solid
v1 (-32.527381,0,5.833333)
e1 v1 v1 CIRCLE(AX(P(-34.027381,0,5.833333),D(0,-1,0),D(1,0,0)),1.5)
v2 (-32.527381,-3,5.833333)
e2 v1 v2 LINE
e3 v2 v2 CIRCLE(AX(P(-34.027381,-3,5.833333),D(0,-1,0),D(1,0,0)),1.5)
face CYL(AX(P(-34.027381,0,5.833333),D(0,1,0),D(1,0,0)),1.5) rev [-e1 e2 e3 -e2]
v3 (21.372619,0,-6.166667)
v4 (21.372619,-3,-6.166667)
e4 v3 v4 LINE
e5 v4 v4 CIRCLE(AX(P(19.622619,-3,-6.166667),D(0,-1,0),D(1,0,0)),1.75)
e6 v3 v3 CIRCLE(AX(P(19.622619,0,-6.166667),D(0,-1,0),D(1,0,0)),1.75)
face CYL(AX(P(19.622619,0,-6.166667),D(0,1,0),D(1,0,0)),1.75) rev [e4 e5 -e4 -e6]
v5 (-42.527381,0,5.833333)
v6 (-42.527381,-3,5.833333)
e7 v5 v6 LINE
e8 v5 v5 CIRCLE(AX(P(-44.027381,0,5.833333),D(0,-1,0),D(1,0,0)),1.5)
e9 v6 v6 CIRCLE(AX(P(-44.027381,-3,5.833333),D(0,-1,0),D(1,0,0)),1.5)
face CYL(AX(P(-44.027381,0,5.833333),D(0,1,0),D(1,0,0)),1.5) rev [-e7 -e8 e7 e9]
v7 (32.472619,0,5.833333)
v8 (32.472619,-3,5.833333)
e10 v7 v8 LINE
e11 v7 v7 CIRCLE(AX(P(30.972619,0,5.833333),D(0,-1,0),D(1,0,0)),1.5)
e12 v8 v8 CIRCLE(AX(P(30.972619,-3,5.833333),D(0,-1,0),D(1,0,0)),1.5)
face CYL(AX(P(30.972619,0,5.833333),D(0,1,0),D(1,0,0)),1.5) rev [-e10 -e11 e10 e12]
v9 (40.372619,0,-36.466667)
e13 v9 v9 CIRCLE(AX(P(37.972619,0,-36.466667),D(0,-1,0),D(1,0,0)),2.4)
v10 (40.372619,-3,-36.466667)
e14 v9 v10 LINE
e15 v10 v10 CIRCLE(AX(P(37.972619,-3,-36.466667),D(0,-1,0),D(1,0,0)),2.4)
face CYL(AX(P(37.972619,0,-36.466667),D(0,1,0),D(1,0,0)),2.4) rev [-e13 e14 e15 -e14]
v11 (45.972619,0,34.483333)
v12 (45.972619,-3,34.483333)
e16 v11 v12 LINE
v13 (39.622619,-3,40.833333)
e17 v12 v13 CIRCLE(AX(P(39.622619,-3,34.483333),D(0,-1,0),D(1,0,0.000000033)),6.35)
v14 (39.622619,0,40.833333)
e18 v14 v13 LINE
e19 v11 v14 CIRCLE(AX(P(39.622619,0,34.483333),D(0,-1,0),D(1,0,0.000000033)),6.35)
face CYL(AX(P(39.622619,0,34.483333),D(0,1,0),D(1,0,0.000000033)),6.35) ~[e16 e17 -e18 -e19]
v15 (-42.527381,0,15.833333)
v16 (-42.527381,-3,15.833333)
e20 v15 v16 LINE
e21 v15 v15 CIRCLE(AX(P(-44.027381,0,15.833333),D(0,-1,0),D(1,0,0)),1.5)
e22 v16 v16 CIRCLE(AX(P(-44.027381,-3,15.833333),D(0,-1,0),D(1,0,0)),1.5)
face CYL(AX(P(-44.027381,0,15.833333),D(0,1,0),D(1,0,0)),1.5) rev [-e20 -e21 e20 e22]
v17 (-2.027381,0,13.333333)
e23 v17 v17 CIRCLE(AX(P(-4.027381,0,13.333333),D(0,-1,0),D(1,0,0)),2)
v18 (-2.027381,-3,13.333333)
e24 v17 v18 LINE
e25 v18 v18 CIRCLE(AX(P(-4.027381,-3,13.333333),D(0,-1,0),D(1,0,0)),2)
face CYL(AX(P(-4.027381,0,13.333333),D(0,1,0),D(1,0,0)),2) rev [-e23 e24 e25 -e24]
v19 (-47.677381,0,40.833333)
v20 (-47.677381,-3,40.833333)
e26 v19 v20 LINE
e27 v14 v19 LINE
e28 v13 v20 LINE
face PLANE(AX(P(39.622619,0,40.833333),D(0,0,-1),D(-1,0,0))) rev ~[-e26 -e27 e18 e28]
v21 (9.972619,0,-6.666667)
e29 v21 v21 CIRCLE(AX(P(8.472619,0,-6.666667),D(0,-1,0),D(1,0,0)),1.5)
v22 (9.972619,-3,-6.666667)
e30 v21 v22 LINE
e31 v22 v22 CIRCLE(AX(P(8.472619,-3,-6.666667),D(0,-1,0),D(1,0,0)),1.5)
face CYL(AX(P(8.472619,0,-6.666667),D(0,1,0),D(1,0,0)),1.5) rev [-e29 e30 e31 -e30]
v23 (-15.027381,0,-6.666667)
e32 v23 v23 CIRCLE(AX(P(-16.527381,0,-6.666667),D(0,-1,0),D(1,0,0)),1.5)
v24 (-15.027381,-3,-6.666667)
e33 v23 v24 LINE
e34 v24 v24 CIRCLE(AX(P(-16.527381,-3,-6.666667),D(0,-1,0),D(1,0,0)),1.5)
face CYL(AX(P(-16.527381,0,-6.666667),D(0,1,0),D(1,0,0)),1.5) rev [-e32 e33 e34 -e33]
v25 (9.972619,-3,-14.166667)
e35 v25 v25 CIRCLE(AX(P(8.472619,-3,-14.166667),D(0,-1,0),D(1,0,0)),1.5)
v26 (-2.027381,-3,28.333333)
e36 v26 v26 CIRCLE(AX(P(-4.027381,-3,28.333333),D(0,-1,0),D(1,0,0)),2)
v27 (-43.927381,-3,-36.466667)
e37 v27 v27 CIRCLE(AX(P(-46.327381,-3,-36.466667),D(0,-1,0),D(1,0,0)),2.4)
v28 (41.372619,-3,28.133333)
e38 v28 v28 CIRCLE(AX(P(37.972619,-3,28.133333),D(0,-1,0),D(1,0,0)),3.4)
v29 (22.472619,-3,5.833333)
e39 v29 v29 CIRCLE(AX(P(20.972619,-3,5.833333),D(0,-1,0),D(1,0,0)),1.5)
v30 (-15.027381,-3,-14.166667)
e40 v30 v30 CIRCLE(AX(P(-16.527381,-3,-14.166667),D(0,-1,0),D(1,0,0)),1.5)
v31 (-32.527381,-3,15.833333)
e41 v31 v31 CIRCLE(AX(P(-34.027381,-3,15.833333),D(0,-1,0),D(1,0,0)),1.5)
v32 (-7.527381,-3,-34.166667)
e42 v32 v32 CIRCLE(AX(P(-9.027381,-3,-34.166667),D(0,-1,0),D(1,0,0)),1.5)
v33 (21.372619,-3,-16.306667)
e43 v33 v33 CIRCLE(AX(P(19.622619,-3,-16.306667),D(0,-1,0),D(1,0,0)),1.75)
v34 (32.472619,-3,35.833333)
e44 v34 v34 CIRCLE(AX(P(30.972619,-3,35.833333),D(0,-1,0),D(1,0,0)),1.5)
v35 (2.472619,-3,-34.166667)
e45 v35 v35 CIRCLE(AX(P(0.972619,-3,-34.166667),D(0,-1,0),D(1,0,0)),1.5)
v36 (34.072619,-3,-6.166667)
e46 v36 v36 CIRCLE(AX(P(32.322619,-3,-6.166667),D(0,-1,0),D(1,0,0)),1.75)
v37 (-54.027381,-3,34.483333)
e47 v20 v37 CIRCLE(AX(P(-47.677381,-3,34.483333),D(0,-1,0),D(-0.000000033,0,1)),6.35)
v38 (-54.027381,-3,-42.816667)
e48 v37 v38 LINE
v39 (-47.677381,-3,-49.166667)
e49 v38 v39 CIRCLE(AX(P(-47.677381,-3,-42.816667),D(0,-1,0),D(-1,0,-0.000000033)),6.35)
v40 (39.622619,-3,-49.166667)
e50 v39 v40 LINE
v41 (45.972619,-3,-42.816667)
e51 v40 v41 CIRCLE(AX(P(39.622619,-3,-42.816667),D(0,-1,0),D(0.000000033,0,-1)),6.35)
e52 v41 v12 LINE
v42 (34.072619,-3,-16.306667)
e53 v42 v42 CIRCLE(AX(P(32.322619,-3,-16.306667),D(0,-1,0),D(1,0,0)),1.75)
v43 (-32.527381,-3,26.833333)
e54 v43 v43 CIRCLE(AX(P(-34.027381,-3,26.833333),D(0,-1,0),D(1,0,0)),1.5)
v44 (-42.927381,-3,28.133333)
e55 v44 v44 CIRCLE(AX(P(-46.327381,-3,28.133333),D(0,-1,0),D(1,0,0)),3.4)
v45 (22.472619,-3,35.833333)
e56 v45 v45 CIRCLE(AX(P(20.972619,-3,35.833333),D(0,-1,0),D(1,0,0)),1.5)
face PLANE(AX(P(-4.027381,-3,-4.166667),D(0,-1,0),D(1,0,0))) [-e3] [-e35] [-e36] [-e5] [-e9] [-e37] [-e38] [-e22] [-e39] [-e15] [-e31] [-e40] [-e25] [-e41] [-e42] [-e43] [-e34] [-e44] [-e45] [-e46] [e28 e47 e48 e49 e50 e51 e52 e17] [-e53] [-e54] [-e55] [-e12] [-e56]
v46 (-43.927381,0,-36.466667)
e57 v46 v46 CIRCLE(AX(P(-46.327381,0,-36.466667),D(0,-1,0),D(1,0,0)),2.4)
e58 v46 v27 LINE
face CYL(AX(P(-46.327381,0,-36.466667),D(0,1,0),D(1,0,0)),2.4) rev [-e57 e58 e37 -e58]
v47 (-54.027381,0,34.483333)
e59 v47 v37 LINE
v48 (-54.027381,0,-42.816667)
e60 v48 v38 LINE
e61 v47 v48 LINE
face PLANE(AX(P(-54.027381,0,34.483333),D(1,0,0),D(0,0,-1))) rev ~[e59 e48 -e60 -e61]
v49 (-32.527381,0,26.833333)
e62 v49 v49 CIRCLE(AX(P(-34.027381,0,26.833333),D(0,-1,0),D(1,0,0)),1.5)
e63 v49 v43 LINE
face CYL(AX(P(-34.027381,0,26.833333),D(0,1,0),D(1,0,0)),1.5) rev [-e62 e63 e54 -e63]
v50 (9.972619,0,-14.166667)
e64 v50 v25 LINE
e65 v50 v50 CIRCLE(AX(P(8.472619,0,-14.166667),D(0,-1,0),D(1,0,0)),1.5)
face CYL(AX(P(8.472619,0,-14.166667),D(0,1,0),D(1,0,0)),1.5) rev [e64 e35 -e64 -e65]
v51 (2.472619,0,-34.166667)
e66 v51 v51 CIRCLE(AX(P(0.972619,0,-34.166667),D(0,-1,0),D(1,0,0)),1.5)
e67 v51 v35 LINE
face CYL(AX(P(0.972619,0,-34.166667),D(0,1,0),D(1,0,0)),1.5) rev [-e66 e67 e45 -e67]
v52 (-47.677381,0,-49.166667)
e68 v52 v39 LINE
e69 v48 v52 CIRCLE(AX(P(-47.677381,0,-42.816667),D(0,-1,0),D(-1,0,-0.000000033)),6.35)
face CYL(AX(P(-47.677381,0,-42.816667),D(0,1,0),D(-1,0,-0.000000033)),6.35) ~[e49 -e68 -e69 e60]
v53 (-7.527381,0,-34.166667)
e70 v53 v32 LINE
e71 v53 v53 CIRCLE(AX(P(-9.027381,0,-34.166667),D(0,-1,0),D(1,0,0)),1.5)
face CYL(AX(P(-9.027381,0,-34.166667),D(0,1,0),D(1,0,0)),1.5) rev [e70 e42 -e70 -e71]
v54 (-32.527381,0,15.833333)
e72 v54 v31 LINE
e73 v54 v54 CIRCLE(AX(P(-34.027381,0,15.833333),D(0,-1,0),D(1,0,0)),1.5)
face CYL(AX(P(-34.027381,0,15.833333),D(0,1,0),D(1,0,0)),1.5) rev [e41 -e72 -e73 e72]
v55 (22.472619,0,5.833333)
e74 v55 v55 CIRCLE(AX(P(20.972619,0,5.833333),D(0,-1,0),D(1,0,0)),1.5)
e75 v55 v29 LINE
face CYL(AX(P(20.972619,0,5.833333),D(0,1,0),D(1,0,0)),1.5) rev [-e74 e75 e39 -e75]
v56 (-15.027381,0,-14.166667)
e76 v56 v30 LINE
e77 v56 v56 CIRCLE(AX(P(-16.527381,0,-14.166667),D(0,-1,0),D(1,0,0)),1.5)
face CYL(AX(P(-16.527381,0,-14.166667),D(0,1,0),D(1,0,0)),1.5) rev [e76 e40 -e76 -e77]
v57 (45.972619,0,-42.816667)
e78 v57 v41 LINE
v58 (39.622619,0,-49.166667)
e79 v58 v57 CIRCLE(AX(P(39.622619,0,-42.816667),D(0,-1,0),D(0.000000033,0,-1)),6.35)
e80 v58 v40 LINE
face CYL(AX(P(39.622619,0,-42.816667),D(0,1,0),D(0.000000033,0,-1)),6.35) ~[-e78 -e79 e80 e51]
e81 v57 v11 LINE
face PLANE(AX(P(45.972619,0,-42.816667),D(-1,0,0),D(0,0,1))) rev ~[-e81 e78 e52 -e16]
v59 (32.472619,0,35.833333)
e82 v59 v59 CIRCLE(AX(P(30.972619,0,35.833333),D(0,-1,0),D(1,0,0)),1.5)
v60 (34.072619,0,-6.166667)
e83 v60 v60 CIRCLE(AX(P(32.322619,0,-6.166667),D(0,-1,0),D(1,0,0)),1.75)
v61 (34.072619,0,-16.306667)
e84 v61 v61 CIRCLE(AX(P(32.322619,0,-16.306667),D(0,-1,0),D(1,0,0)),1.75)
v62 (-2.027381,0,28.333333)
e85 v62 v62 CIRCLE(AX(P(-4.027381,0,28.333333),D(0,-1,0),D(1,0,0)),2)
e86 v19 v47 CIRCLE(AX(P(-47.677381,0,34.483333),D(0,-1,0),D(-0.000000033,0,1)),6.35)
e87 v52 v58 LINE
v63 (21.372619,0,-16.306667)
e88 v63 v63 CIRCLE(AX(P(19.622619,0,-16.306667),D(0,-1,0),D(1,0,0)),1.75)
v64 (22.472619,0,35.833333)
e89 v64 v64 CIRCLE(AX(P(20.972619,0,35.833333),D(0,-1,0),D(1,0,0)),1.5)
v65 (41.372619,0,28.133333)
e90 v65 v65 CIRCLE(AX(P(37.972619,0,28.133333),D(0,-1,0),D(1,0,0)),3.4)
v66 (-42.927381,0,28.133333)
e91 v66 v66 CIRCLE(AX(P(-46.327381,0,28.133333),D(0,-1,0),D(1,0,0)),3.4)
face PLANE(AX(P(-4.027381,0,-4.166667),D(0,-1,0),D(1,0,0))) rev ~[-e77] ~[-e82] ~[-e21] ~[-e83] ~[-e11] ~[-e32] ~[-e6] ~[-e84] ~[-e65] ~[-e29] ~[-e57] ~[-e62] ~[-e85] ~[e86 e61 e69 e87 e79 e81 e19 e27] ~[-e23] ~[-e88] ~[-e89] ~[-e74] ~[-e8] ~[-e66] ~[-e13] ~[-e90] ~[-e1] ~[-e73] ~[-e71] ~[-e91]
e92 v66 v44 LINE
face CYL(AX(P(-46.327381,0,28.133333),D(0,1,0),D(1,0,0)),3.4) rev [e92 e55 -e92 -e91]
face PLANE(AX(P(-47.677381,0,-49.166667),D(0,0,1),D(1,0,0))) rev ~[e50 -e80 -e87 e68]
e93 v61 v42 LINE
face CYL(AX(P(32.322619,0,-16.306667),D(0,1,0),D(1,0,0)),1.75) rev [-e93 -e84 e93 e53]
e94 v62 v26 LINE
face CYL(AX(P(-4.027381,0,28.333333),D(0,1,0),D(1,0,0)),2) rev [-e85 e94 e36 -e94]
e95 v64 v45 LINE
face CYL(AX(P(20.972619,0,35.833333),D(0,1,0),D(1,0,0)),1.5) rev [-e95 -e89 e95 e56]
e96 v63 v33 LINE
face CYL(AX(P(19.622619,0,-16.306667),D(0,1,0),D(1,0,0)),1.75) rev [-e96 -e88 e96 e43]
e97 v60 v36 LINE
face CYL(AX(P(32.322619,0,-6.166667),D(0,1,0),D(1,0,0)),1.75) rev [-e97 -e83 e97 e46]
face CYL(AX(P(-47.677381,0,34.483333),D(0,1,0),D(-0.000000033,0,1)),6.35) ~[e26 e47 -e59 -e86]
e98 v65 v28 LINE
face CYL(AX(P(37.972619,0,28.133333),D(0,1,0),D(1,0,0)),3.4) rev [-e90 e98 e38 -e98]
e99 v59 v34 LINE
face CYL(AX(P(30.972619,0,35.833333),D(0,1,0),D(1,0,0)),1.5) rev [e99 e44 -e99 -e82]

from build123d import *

# Parameters (mm, degrees)
F0_R     = 2.4
F0_R_2   = 1.5
F0_R_3   = 1.75
F0_R_4   = 3.4
F0_R_5   = 2
F1_DEPTH = 3


with BuildPart() as f1:
    # F0 (on Front) → F1 (new body)
    with BuildSketch(Plane.XZ):
        with BuildLine():
            Line((45.972619, -42.816667), (45.972619, 34.483333))
            ThreePointArc((45.972619, 34.483333), (44.112747, 38.973461), (39.622619, 40.833333))
            Line((39.622619, 40.833333), (-47.677381, 40.833333))
            ThreePointArc((-47.677381, 40.833333), (-52.167509, 38.973461), (-54.027381, 34.483333))
            Line((-54.027381, 34.483333), (-54.027381, -42.816667))
            ThreePointArc((-54.027381, -42.816667), (-52.167509, -47.306795), (-47.677381, -49.166667))
            Line((-47.677381, -49.166667), (39.622619, -49.166667))
            ThreePointArc((39.622619, -49.166667), (44.112747, -47.306795), (45.972619, -42.816667))
        make_face()
        with Locations((-46.327381, -36.466667)):
            Circle(F0_R, mode=Mode.SUBTRACT)
        with Locations((-9.027381, -34.166667)):
            Circle(F0_R_2, mode=Mode.SUBTRACT)
        with Locations((-16.527381, -14.166667)):
            Circle(F0_R_2, mode=Mode.SUBTRACT)
        with Locations((-16.527381, -6.666667)):
            Circle(F0_R_2, mode=Mode.SUBTRACT)
        with Locations((0.972619, -34.166667)):
            Circle(F0_R_2, mode=Mode.SUBTRACT)
        with Locations((37.972619, -36.466667)):
            Circle(F0_R, mode=Mode.SUBTRACT)
        with Locations((19.622619, -16.306667)):
            Circle(F0_R_3, mode=Mode.SUBTRACT)
        with Locations((8.472619, -14.166667)):
            Circle(F0_R_2, mode=Mode.SUBTRACT)
        with Locations((8.472619, -6.666667)):
            Circle(F0_R_2, mode=Mode.SUBTRACT)
        with Locations((19.622619, -6.166667)):
            Circle(F0_R_3, mode=Mode.SUBTRACT)
        with Locations((32.322619, -16.306667)):
            Circle(F0_R_3, mode=Mode.SUBTRACT)
        with Locations((32.322619, -6.166667)):
            Circle(F0_R_3, mode=Mode.SUBTRACT)
        with Locations((-44.027381, 5.833333)):
            Circle(F0_R_2, mode=Mode.SUBTRACT)
        with Locations((-34.027381, 5.833333)):
            Circle(F0_R_2, mode=Mode.SUBTRACT)
        with Locations((-44.027381, 15.833333)):
            Circle(F0_R_2, mode=Mode.SUBTRACT)
        with Locations((-34.027381, 15.833333)):
            Circle(F0_R_2, mode=Mode.SUBTRACT)
        with Locations((-46.327381, 28.133333)):
            Circle(F0_R_4, mode=Mode.SUBTRACT)
        with Locations((-34.027381, 26.833333)):
            Circle(F0_R_2, mode=Mode.SUBTRACT)
        with Locations((-4.027381, 13.333333)):
            Circle(F0_R_5, mode=Mode.SUBTRACT)
        with Locations((20.972619, 5.833333)):
            Circle(F0_R_2, mode=Mode.SUBTRACT)
        with Locations((30.972619, 5.833333)):
            Circle(F0_R_2, mode=Mode.SUBTRACT)
        with Locations((-4.027381, 28.333333)):
            Circle(F0_R_5, mode=Mode.SUBTRACT)
        with Locations((37.972619, 28.133333)):
            Circle(F0_R_4, mode=Mode.SUBTRACT)
        with Locations((20.972619, 35.833333)):
            Circle(F0_R_2, mode=Mode.SUBTRACT)
        with Locations((30.972619, 35.833333)):
            Circle(F0_R_2, mode=Mode.SUBTRACT)
    extrude(amount=F1_DEPTH)


solid = f1.part
